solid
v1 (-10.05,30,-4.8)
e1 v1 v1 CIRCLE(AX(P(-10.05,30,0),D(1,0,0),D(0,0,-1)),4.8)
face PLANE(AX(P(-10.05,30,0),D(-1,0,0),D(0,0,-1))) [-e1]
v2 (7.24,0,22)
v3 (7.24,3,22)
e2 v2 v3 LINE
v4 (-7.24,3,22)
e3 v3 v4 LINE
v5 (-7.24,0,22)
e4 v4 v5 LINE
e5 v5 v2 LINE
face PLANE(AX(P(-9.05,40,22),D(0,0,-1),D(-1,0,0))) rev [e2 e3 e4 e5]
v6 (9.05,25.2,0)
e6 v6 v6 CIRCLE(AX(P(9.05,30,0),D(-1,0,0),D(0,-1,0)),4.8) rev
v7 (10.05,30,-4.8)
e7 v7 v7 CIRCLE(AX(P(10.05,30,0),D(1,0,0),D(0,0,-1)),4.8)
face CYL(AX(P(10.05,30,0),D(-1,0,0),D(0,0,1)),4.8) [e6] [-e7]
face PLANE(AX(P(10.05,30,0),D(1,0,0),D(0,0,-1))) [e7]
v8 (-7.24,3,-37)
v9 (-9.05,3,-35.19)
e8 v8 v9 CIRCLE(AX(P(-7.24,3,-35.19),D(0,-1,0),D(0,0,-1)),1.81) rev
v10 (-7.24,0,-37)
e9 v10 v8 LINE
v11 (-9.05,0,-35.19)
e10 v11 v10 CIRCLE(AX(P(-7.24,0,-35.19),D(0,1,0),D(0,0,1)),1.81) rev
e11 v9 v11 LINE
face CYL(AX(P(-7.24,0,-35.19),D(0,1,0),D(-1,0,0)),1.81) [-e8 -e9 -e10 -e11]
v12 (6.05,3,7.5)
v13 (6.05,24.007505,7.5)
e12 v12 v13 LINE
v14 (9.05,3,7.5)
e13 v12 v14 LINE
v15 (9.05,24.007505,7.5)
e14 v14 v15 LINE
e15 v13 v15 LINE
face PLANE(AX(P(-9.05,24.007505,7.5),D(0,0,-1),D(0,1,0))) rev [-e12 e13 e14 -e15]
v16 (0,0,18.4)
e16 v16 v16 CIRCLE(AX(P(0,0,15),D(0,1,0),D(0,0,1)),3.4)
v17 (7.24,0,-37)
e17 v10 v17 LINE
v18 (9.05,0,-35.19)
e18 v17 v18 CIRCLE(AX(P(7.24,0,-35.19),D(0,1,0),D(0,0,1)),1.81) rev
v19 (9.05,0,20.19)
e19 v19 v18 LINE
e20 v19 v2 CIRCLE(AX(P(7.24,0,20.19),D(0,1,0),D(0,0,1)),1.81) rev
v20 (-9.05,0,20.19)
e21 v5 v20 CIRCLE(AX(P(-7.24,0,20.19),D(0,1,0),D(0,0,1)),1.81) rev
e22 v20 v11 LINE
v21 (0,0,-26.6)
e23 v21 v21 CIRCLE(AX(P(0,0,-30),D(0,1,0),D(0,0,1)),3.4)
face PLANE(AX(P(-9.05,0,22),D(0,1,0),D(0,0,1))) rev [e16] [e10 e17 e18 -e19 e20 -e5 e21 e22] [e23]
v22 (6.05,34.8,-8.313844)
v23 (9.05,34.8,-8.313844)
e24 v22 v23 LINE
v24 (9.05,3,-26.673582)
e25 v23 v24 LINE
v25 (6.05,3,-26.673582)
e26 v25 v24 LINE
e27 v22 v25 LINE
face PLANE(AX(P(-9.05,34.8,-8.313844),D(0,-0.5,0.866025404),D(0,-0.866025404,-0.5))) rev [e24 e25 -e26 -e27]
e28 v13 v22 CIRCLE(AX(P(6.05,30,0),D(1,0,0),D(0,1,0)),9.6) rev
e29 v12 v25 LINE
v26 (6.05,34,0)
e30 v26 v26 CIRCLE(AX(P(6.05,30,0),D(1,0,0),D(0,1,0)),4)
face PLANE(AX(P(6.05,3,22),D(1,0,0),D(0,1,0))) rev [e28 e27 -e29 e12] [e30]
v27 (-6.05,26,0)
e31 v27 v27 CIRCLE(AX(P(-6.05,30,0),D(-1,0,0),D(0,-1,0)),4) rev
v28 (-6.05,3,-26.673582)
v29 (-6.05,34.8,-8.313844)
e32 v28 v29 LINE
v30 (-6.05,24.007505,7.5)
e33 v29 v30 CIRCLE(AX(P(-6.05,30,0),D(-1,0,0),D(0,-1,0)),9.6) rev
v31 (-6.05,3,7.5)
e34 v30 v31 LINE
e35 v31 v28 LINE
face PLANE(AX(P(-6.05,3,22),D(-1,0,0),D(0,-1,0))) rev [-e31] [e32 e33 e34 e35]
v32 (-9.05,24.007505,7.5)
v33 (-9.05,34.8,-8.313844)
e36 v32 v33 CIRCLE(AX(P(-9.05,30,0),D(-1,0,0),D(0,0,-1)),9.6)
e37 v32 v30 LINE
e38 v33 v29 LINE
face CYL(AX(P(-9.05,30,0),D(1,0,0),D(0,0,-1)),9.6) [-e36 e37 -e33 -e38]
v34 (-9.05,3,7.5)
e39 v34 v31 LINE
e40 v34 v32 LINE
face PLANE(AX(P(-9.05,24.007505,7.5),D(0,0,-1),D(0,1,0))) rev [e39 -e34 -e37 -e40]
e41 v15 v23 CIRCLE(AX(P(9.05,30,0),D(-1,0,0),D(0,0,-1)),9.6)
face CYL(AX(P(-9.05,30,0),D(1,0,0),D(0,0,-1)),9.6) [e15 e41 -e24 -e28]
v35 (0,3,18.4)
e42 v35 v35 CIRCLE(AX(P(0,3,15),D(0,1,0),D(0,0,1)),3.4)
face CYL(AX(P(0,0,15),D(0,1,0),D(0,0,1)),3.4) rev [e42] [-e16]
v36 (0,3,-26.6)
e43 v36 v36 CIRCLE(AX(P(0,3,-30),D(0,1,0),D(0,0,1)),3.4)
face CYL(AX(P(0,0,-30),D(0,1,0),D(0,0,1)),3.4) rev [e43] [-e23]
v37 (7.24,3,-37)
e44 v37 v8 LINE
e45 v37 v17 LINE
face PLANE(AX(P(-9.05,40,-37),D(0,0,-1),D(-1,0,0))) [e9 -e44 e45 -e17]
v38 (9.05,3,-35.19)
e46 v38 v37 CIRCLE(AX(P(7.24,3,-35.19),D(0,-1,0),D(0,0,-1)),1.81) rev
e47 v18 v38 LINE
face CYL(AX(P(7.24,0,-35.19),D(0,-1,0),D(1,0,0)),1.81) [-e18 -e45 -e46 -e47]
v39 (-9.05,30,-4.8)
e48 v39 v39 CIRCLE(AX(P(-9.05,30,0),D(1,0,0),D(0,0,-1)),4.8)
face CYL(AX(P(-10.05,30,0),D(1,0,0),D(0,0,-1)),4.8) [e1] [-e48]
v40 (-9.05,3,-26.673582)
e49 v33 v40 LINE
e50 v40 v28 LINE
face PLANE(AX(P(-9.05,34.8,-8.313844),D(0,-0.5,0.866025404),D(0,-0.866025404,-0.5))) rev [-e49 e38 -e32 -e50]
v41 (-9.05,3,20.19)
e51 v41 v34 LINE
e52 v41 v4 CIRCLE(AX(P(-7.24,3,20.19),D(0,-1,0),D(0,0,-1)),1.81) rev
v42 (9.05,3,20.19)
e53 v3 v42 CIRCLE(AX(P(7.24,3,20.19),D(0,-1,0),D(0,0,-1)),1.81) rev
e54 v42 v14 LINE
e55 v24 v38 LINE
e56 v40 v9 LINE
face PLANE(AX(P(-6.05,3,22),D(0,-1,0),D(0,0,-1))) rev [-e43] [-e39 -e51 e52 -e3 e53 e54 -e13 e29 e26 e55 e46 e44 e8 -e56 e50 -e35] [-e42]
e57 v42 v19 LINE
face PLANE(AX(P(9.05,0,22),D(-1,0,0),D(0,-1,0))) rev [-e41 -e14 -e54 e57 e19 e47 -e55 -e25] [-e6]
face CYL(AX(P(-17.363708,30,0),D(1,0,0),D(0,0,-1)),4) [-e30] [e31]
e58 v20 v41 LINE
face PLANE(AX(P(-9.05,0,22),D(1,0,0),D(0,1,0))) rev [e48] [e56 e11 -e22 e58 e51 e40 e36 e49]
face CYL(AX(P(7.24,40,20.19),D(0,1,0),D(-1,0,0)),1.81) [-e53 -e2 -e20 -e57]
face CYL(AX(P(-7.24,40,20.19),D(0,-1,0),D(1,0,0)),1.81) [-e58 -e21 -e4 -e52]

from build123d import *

# Parameters (mm, degrees)
EXTRUDE_START       = -37
EXTRUDE_1_DEPTH     = 59
CUT_EXTRUDE_1_DEPTH = 58.416112721
SKETCH_5_R          = 4
EXTRUDE_2_DEPTH     = 15.1
SKETCH_6_R          = 4.8
EXTRUDE_3_DEPTH     = 1
FILLET_1_R          = 1.81
SKETCH_7_R          = 3.4
CUT_EXTRUDE_2_DEPTH = 54.005306338


with BuildPart() as part:
    # 草图3 → 凸台-拉伸1 (new body)
    with BuildSketch(Plane.XY.offset(EXTRUDE_START)):
        Polygon((-6.05, 3), (-6.05, 40), (-9.05, 40), (-9.05, 0), (9.05, 0), (9.05, 40), (6.05, 40), (6.05, 3), align=None)
    extrude(amount=EXTRUDE_1_DEPTH)

    # 草图4 → 切除-拉伸1 (cut, through all)
    with BuildSketch(Plane(origin=(9.05, 0, 0), x_dir=(0, 0, -1), z_dir=(1, 0, 0))):
        with BuildLine():
            Line((-7.5, 24.007504693), (-7.5, 3))
            Line((-7.5, 3), (-22, 3))
            Line((-22, 3), (-22, 40))
            Line((-22, 40), (37, 40))
            Line((37, 40), (37, 3))
            Line((37, 3), (26.673582437, 3))
            Line((26.673582437, 3), (8.313843876, 34.8))
            ThreePointArc((8.313843876, 34.8), (-5.411568553, 37.929371085), (-7.5, 24.007504693))
        make_face()
    extrude(amount=-CUT_EXTRUDE_1_DEPTH, mode=Mode.SUBTRACT)

    # 草图5 → 凸台-拉伸2 (add)
    with BuildSketch(Plane(origin=(9.05, 0, 0), x_dir=(0, 0, -1), z_dir=(1, 0, 0))):
        with Locations(Location((0, 30, 0), (0, 0, 90))):
            Circle(SKETCH_5_R)
    extrude(amount=-EXTRUDE_2_DEPTH)

    # 草图6 → 凸台-拉伸3 (add)
    with BuildSketch(Plane(origin=(9.05, 0, 0), x_dir=(0, 0, -1), z_dir=(1, 0, 0))):
        with Locations(Location((0, 30, 0), (0, 0, 270))):
            Circle(SKETCH_6_R)
    extrude_3 = extrude(amount=EXTRUDE_3_DEPTH)

    # 镜向1: 凸台-拉伸3 across plane
    add(extrude_3.mirror(Plane(origin=(0, 0, 0), x_dir=(0, 0, 1), z_dir=(1, 0, 0))))

    # 圆角1
    fillet_1_edges = [part.edges().sort_by_distance(p)[0] for p in [
        (9.05, 1.5, 22),
        (-9.05, 1.5, -37),
        (-9.05, 1.5, 22),
        (9.05, 1.5, -37),
    ]]
    fillet(fillet_1_edges, radius=FILLET_1_R)

    # 草图7 → 切除-拉伸2 (cut, through all)
    with BuildSketch(Plane(origin=(0, 3, 0), x_dir=(1, 0, 0), z_dir=(0, 1, 0))):
        with Locations(Location((0, -15, 0), (0, 0, 270))):
            Circle(SKETCH_7_R)
        with Locations(Location((0, 30, 0), (0, 0, 270))):
            Circle(SKETCH_7_R)
    extrude(amount=-CUT_EXTRUDE_2_DEPTH, mode=Mode.SUBTRACT)


solid = part.part
